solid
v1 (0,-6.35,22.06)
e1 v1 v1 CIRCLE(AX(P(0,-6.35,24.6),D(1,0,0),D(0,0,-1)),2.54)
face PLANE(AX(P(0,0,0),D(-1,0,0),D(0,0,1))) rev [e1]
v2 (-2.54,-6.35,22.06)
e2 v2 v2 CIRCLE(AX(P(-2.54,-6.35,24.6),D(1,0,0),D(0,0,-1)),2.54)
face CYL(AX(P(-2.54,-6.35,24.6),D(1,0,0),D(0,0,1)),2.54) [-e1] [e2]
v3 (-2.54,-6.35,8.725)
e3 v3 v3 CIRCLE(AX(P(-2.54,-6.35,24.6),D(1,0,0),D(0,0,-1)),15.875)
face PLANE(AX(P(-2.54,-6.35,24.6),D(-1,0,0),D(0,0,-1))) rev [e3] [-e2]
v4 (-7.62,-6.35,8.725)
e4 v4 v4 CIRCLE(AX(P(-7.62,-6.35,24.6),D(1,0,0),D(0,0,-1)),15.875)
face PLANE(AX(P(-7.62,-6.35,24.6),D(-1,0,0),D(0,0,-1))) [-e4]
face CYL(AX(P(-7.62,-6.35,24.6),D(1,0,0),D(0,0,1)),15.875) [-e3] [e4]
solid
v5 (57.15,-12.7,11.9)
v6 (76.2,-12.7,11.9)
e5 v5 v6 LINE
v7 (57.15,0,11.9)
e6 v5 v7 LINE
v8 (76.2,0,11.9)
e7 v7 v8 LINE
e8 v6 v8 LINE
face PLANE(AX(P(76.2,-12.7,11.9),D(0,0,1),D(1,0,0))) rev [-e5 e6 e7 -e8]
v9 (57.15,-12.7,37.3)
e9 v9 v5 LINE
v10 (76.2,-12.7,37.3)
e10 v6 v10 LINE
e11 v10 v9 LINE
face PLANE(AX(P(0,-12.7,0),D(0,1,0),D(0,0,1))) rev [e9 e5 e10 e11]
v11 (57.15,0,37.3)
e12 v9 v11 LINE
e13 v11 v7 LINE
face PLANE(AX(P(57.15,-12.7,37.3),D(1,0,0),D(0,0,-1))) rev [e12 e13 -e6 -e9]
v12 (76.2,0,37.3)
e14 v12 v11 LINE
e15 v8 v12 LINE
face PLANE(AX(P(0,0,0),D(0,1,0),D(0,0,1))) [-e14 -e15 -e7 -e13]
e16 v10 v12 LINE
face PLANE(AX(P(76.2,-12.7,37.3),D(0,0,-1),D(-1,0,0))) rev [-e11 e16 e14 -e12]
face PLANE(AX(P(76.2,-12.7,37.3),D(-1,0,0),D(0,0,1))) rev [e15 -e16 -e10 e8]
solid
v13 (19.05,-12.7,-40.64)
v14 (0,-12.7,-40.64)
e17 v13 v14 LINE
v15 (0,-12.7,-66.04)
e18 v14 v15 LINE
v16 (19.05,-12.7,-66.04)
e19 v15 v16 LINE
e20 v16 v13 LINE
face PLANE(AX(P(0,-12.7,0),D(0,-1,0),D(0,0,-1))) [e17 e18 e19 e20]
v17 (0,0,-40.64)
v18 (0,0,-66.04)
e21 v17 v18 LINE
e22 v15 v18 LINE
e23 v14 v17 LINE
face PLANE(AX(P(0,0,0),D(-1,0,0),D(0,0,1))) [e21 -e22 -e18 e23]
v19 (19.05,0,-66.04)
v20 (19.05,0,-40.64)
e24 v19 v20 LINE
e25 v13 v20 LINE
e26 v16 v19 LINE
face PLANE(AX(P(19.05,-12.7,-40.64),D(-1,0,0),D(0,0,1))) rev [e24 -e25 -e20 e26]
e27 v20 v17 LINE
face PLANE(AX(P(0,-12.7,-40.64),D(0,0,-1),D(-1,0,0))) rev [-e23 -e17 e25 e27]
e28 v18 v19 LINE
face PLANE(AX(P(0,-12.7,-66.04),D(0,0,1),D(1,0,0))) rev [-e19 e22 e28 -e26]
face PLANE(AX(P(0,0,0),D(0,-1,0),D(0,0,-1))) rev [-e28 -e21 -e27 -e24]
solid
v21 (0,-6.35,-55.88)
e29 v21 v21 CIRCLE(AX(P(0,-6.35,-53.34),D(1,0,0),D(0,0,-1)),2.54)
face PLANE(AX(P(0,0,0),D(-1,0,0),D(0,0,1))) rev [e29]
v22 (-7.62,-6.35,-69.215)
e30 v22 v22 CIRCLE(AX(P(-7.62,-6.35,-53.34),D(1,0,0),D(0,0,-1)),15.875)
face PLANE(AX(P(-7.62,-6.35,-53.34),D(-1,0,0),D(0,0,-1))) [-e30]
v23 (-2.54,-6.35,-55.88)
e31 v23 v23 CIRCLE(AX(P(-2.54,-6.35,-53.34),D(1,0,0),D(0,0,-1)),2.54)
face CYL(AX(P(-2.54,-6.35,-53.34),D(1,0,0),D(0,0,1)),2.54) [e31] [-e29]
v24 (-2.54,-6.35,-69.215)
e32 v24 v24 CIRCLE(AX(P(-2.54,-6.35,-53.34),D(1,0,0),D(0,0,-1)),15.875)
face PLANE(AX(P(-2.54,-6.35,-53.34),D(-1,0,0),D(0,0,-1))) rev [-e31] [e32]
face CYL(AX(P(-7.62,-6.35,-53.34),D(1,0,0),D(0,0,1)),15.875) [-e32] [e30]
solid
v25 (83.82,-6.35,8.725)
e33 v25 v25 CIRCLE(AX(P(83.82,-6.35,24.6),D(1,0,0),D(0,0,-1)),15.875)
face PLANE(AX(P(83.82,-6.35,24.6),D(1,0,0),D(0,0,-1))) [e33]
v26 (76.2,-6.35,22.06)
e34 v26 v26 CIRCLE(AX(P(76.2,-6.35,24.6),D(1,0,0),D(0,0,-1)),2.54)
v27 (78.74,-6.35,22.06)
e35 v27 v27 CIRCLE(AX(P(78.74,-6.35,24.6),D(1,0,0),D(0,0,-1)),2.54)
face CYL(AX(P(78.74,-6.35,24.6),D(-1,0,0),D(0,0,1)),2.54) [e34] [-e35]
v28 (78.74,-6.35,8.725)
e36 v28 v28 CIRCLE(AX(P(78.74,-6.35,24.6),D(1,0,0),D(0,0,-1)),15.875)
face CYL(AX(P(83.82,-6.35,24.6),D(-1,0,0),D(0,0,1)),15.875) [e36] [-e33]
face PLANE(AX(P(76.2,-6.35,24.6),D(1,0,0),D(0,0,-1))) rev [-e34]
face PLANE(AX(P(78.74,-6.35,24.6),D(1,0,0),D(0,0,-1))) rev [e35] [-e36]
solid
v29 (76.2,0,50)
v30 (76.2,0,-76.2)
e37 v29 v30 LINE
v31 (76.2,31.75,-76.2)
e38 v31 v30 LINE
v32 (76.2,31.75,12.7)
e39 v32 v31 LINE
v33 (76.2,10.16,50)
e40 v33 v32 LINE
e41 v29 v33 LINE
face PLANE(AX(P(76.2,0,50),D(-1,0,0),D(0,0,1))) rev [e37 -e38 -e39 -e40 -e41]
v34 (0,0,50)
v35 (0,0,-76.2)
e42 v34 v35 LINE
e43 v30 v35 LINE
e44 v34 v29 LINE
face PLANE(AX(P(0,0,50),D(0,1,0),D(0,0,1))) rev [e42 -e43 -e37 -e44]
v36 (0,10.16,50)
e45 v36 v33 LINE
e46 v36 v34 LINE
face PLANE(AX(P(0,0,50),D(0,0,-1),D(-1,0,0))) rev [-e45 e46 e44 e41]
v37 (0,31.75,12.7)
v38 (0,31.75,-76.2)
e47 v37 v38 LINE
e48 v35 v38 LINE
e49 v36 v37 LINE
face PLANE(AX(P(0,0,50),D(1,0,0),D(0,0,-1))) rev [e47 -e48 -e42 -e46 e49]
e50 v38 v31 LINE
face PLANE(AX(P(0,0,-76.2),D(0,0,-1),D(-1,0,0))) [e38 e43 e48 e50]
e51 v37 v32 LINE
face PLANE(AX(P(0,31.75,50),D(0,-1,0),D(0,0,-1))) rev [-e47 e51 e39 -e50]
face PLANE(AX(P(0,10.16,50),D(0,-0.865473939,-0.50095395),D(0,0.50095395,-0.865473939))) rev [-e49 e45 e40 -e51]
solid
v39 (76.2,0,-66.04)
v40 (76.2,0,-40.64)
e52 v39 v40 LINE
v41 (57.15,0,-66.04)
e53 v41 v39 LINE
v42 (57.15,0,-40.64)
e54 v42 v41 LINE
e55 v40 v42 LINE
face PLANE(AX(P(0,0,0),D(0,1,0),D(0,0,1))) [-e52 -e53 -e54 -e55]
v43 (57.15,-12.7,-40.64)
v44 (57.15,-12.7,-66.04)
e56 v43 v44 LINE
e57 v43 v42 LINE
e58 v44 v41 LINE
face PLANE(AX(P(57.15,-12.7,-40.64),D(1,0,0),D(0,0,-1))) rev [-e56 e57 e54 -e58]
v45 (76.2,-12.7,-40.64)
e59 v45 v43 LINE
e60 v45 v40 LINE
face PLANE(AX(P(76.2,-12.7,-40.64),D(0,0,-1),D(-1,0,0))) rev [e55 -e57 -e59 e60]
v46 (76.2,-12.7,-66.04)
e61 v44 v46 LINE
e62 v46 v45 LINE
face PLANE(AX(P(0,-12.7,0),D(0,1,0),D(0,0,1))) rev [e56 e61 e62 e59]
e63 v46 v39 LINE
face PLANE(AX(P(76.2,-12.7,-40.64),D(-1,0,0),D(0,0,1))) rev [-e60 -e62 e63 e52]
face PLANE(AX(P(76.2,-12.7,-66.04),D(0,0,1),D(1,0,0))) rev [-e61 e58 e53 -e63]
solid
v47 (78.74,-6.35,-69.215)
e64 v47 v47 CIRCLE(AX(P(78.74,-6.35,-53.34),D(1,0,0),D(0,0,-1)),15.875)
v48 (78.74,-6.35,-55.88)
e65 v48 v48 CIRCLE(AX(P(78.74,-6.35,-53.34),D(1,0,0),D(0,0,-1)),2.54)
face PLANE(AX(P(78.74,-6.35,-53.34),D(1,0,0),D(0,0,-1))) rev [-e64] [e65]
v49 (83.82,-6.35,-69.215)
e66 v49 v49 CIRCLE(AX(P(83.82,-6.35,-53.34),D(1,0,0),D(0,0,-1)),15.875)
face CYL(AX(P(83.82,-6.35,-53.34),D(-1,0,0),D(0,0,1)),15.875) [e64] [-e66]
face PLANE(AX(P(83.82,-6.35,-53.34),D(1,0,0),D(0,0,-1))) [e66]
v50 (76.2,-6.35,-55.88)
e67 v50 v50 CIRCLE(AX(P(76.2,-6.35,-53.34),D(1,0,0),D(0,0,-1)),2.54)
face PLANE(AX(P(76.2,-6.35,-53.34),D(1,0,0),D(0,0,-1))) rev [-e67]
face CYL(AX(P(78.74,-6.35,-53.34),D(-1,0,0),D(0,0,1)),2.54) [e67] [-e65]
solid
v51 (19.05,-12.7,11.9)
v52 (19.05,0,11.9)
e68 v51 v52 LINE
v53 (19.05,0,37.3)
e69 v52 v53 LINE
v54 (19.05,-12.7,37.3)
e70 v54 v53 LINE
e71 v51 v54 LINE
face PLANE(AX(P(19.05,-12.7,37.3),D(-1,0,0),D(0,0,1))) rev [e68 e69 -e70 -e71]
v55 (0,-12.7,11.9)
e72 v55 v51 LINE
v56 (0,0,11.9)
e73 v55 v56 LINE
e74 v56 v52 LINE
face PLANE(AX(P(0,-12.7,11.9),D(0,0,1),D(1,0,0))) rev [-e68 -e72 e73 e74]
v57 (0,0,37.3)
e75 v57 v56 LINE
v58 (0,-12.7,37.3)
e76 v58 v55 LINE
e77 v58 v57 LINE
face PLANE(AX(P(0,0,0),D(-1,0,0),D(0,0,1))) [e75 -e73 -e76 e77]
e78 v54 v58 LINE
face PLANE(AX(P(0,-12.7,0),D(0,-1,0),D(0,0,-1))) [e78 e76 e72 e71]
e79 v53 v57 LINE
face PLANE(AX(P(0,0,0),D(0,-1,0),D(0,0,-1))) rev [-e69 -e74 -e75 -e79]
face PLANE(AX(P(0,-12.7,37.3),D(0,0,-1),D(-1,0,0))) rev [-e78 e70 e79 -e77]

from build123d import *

# Parameters (mm, degrees)
SKETCH1_W             = 76.2
SKETCH1_H             = 31.75
BOSS_EXTRUDE1_DEPTH   = 50
CUT_EXTRUDE1_DEPTH    = 97.511670279
SKETCH3_W             = 76.2
SKETCH3_H             = 31.75
BOSS_EXTRUDE2_DEPTH   = 76.2
SKETCH4_W             = 19.05
SKETCH4_H             = 25.4
BOSS_EXTRUDE3_DEPTH   = 12.7
BOSS_EXTRUDE3_2_DEPTH = 12.7
BOSS_EXTRUDE3_3_DEPTH = 12.7
BOSS_EXTRUDE3_4_DEPTH = 12.7
SKETCH5_R             = 2.54
BOSS_EXTRUDE4_DEPTH   = 2.54
BOSS_EXTRUDE4_2_DEPTH = 2.54
SKETCH6_R             = 15.875
BOSS_EXTRUDE5_DEPTH   = 5.08


with BuildPart() as part:
    # Sketch1 → Boss-Extrude1 (new body)
    with BuildSketch(Plane.XY):
        with Locations((38.1, 15.875)):
            Rectangle(SKETCH1_W, SKETCH1_H)
    extrude(amount=BOSS_EXTRUDE1_DEPTH)

    # Sketch2 → Cut-Extrude1 (cut, through all)
    with BuildSketch(Plane(origin=(76.2, 0, 0), x_dir=(0, 0, -1), z_dir=(1, 0, 0))):
        Polygon((-50, 10.16), (-12.7, 31.75), (-50, 31.75), align=None)
    extrude(amount=-CUT_EXTRUDE1_DEPTH, mode=Mode.SUBTRACT)

    # Sketch3 → Boss-Extrude2 (add)
    with BuildSketch(Plane(origin=(0, 0, 0), x_dir=(-1, 0, 0), z_dir=(0, 0, -1))):
        with Locations((-38.1, 15.875)):
            Rectangle(SKETCH3_W, SKETCH3_H)
    extrude(amount=BOSS_EXTRUDE2_DEPTH)


with BuildPart() as body_2:
    # Sketch4 → Boss-Extrude3 (new body)
    with BuildSketch(Plane.XZ):
        with Locations((66.675, 24.6)):
            Rectangle(SKETCH4_W, SKETCH4_H)
    extrude(amount=BOSS_EXTRUDE3_DEPTH)


with BuildPart() as body_3:
    # Sketch4 → Boss-Extrude3 2 (new body)
    with BuildSketch(Plane.XZ):
        with Locations((66.675, -53.34)):
            Rectangle(SKETCH4_W, SKETCH4_H)
    extrude(amount=BOSS_EXTRUDE3_2_DEPTH)


with BuildPart() as body_4:
    # Sketch4 → Boss-Extrude3 3 (new body)
    with BuildSketch(Plane.XZ):
        with Locations((9.525, 24.6)):
            Rectangle(SKETCH4_W, SKETCH4_H)
    extrude(amount=BOSS_EXTRUDE3_3_DEPTH)


with BuildPart() as body_5:
    # Sketch4 → Boss-Extrude3 4 (new body)
    with BuildSketch(Plane.XZ):
        with Locations((9.525, -53.34)):
            Rectangle(SKETCH4_W, SKETCH4_H)
    extrude(amount=BOSS_EXTRUDE3_4_DEPTH)


with BuildPart() as body_6:
    # Sketch5 → Boss-Extrude4 (new body)
    with BuildSketch(Plane(origin=(76.2, 0, 0), x_dir=(0, 0, -1), z_dir=(1, 0, 0))):
        with Locations((-24.6, -6.35)):
            Circle(SKETCH5_R)
    boss_extrude4 = extrude(amount=BOSS_EXTRUDE4_DEPTH)



with BuildPart() as body_7:
    # Sketch5 → Boss-Extrude4 2 (new body)
    with BuildSketch(Plane(origin=(76.2, 0, 0), x_dir=(0, 0, -1), z_dir=(1, 0, 0))):
        with Locations((53.34, -6.35)):
            Circle(SKETCH5_R)
    boss_extrude4_2 = extrude(amount=BOSS_EXTRUDE4_2_DEPTH)


with BuildPart() as body_6_1:
    add(body_6.part)

    add(body_7.part)  # Boss-Extrude5 merges body 7
    # Sketch6 → Boss-Extrude5 (add)
    with BuildSketch(Plane(origin=(78.74, 0, 0), x_dir=(0, 0, -1), z_dir=(1, 0, 0))):
        with Locations((-24.6, -6.35)):
            Circle(SKETCH6_R)
        with Locations((53.34, -6.35)):
            Circle(SKETCH6_R)
    boss_extrude5 = extrude(amount=BOSS_EXTRUDE5_DEPTH)


with BuildPart() as body_4_1:
    add(body_4.part)

    add(body_5.part)  # Mirror1 merges body 5
    # Mirror1: Boss-Extrude4, Boss-Extrude4 2, Boss-Extrude5 across plane
    add(boss_extrude4.mirror(Plane(origin=(38.1, 0, 0), x_dir=(0, 0, 1), z_dir=(1, 0, 0))))
    add(boss_extrude4_2.mirror(Plane(origin=(38.1, 0, 0), x_dir=(0, 0, 1), z_dir=(1, 0, 0))))
    add(boss_extrude5.mirror(Plane(origin=(38.1, 0, 0), x_dir=(0, 0, 1), z_dir=(1, 0, 0))))


with BuildPart() as body_6_2:
    # Split1: the piece on the far side of the plane
    add(body_4_1.part)
    split(bisect_by=Plane(origin=(0, 0, 0), x_dir=(0, 0, -1), z_dir=(-1, 0, 0)), keep=Keep.BOTTOM)


with BuildPart() as body_4_2:
    add(body_4_1.part)

    # Split1
    split(bisect_by=Plane(origin=(0, 0, 0), x_dir=(0, 0, -1), z_dir=(-1, 0, 0)), keep=Keep.TOP)


solid = Compound([part.part, body_2.part, body_3.part, body_6_1.part, body_6_2.part, body_4_2.part])
